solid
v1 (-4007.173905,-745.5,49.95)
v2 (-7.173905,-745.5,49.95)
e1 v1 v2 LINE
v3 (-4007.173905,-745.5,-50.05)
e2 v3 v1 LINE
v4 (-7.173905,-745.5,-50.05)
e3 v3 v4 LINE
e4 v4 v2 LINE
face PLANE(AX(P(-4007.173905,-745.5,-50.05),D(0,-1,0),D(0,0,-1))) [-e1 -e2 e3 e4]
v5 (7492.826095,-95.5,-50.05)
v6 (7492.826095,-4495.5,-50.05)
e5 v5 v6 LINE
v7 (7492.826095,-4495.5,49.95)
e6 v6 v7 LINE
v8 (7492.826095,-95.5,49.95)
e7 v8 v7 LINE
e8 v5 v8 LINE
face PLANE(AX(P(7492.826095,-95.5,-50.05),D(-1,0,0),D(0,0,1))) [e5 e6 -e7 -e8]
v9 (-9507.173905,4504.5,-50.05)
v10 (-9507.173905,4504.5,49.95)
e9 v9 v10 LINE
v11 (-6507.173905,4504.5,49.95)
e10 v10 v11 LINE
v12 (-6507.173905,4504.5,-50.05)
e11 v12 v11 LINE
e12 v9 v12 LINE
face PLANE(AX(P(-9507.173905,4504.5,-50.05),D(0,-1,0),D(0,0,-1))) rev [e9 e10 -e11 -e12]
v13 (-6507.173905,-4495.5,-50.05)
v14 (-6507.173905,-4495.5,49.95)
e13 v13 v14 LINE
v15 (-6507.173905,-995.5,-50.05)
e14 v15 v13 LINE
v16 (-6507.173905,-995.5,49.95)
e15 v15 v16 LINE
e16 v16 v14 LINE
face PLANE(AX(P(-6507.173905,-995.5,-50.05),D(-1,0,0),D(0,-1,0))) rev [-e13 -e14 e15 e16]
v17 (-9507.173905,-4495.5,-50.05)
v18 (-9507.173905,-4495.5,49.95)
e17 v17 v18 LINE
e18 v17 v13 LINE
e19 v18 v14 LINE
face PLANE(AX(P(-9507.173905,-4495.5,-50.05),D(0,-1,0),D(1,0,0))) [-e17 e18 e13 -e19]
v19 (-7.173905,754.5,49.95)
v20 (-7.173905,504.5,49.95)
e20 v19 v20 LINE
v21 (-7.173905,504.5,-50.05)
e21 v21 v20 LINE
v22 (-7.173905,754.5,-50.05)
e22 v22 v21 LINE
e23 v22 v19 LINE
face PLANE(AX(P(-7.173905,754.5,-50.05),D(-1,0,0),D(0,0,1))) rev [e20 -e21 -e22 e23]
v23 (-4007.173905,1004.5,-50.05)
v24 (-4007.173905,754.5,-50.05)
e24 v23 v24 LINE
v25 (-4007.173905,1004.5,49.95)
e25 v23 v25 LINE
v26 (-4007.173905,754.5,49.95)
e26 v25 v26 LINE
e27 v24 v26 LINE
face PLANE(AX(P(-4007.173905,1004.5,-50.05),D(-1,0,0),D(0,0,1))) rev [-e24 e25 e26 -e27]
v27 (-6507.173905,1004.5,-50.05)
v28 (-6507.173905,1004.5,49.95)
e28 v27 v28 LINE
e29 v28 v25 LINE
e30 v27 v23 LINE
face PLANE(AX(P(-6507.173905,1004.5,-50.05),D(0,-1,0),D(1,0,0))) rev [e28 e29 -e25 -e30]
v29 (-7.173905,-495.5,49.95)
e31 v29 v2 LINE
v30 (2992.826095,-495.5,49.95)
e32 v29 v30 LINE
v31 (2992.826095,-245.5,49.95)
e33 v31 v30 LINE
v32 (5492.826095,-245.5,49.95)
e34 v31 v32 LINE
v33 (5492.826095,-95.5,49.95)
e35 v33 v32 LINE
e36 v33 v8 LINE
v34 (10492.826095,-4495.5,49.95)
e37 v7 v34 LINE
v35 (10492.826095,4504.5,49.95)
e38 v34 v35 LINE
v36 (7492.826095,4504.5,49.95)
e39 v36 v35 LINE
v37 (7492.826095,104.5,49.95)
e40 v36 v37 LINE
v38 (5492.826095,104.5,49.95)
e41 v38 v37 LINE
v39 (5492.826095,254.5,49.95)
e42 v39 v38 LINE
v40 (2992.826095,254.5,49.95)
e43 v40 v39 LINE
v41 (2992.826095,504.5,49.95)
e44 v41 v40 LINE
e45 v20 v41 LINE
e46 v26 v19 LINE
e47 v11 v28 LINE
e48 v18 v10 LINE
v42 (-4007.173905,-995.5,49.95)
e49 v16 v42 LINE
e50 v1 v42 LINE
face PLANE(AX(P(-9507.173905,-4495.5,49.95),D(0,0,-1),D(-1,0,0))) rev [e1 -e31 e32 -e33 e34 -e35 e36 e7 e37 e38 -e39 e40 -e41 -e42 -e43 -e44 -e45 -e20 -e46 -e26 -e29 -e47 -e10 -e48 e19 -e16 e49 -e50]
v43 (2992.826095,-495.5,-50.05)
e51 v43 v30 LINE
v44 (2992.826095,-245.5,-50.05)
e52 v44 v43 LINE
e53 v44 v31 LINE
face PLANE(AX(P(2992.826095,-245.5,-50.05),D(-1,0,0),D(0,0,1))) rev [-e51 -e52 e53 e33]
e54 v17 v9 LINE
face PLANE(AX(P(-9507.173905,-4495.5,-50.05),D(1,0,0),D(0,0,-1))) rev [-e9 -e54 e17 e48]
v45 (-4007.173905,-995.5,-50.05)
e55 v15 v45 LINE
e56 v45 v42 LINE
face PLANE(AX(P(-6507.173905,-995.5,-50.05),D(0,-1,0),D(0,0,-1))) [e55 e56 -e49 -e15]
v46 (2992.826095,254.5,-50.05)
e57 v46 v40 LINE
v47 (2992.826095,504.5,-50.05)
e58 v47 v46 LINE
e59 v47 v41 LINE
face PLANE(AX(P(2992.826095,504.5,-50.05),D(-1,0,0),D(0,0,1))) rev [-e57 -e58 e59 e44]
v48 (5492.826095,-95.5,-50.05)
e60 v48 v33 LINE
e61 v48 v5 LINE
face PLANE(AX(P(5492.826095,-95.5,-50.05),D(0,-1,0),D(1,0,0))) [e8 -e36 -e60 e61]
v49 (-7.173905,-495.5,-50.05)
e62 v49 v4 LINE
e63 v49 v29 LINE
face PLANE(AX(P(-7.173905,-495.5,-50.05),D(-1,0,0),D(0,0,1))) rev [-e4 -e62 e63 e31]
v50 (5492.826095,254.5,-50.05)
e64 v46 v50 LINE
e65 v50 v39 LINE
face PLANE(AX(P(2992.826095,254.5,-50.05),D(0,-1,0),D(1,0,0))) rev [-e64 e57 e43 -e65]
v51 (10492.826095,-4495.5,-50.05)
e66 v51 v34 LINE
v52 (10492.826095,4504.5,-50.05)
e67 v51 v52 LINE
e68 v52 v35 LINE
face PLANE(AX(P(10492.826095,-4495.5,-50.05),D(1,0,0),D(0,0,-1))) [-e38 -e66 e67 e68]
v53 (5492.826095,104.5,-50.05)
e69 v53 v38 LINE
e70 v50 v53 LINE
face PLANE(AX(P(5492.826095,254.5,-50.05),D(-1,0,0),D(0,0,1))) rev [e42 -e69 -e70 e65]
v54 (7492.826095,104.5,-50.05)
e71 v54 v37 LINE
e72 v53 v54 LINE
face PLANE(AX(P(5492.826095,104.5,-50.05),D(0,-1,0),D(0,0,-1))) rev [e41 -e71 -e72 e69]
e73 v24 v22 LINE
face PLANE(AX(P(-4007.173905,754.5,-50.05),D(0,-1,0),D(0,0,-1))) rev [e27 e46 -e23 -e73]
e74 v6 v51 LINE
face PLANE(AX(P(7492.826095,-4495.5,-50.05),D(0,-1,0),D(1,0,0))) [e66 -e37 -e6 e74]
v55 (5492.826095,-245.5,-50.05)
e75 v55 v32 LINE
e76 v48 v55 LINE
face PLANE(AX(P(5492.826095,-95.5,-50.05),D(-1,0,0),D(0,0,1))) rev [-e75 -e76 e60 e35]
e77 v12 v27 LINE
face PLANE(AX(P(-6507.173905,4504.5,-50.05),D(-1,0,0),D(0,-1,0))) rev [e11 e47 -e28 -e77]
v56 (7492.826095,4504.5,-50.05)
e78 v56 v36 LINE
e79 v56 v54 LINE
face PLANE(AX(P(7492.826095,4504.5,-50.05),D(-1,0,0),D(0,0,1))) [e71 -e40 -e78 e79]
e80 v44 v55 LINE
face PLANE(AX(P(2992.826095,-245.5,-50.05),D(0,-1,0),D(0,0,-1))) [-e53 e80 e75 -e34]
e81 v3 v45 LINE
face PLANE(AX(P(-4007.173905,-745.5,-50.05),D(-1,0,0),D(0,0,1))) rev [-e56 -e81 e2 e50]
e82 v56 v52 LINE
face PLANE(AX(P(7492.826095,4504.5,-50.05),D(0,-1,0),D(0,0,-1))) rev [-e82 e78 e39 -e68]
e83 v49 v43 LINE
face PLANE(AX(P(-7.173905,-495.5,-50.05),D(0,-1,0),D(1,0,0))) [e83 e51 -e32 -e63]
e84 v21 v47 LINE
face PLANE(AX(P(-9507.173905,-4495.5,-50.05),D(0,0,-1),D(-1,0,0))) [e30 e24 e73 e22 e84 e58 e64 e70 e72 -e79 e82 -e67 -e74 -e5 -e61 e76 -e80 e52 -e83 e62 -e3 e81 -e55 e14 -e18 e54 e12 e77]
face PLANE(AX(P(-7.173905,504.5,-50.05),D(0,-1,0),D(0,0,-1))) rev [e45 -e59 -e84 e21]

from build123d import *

# Parameters (mm, degrees)
BOSS_EXTRUDE1_DEPTH = 0.1
SCALE1_SCALE        = 1000


with BuildPart() as part:
    # Sketch2 → Boss-Extrude1 (new body)
    with BuildSketch(Plane.XY):
        Polygon((0, 0), (3, 0), (3, 3.5), (5.5, 3.5), (5.5, 3.75), (9.5, 3.75), (9.5, 4), (12.5, 4), (12.5, 4.25), (15, 4.25), (15, 4.4), (17, 4.4), (17, 0), (20, 0), (20, 9), (17, 9), (17, 4.6), (15, 4.6), (15, 4.75), (12.5, 4.75), (12.5, 5), (9.5, 5), (9.5, 5.25), (5.5, 5.25), (5.5, 5.5), (3, 5.5), (3, 9), (0, 9), align=None)
    extrude(amount=-BOSS_EXTRUDE1_DEPTH)


with BuildPart() as part_1:
    # Scale1: scaled about (9.516690596, 4.5, -0.05)
    add(part.part.scale(SCALE1_SCALE).moved(Location((-9507.173905404, -4495.5, 49.95))))


solid = part_1.part
